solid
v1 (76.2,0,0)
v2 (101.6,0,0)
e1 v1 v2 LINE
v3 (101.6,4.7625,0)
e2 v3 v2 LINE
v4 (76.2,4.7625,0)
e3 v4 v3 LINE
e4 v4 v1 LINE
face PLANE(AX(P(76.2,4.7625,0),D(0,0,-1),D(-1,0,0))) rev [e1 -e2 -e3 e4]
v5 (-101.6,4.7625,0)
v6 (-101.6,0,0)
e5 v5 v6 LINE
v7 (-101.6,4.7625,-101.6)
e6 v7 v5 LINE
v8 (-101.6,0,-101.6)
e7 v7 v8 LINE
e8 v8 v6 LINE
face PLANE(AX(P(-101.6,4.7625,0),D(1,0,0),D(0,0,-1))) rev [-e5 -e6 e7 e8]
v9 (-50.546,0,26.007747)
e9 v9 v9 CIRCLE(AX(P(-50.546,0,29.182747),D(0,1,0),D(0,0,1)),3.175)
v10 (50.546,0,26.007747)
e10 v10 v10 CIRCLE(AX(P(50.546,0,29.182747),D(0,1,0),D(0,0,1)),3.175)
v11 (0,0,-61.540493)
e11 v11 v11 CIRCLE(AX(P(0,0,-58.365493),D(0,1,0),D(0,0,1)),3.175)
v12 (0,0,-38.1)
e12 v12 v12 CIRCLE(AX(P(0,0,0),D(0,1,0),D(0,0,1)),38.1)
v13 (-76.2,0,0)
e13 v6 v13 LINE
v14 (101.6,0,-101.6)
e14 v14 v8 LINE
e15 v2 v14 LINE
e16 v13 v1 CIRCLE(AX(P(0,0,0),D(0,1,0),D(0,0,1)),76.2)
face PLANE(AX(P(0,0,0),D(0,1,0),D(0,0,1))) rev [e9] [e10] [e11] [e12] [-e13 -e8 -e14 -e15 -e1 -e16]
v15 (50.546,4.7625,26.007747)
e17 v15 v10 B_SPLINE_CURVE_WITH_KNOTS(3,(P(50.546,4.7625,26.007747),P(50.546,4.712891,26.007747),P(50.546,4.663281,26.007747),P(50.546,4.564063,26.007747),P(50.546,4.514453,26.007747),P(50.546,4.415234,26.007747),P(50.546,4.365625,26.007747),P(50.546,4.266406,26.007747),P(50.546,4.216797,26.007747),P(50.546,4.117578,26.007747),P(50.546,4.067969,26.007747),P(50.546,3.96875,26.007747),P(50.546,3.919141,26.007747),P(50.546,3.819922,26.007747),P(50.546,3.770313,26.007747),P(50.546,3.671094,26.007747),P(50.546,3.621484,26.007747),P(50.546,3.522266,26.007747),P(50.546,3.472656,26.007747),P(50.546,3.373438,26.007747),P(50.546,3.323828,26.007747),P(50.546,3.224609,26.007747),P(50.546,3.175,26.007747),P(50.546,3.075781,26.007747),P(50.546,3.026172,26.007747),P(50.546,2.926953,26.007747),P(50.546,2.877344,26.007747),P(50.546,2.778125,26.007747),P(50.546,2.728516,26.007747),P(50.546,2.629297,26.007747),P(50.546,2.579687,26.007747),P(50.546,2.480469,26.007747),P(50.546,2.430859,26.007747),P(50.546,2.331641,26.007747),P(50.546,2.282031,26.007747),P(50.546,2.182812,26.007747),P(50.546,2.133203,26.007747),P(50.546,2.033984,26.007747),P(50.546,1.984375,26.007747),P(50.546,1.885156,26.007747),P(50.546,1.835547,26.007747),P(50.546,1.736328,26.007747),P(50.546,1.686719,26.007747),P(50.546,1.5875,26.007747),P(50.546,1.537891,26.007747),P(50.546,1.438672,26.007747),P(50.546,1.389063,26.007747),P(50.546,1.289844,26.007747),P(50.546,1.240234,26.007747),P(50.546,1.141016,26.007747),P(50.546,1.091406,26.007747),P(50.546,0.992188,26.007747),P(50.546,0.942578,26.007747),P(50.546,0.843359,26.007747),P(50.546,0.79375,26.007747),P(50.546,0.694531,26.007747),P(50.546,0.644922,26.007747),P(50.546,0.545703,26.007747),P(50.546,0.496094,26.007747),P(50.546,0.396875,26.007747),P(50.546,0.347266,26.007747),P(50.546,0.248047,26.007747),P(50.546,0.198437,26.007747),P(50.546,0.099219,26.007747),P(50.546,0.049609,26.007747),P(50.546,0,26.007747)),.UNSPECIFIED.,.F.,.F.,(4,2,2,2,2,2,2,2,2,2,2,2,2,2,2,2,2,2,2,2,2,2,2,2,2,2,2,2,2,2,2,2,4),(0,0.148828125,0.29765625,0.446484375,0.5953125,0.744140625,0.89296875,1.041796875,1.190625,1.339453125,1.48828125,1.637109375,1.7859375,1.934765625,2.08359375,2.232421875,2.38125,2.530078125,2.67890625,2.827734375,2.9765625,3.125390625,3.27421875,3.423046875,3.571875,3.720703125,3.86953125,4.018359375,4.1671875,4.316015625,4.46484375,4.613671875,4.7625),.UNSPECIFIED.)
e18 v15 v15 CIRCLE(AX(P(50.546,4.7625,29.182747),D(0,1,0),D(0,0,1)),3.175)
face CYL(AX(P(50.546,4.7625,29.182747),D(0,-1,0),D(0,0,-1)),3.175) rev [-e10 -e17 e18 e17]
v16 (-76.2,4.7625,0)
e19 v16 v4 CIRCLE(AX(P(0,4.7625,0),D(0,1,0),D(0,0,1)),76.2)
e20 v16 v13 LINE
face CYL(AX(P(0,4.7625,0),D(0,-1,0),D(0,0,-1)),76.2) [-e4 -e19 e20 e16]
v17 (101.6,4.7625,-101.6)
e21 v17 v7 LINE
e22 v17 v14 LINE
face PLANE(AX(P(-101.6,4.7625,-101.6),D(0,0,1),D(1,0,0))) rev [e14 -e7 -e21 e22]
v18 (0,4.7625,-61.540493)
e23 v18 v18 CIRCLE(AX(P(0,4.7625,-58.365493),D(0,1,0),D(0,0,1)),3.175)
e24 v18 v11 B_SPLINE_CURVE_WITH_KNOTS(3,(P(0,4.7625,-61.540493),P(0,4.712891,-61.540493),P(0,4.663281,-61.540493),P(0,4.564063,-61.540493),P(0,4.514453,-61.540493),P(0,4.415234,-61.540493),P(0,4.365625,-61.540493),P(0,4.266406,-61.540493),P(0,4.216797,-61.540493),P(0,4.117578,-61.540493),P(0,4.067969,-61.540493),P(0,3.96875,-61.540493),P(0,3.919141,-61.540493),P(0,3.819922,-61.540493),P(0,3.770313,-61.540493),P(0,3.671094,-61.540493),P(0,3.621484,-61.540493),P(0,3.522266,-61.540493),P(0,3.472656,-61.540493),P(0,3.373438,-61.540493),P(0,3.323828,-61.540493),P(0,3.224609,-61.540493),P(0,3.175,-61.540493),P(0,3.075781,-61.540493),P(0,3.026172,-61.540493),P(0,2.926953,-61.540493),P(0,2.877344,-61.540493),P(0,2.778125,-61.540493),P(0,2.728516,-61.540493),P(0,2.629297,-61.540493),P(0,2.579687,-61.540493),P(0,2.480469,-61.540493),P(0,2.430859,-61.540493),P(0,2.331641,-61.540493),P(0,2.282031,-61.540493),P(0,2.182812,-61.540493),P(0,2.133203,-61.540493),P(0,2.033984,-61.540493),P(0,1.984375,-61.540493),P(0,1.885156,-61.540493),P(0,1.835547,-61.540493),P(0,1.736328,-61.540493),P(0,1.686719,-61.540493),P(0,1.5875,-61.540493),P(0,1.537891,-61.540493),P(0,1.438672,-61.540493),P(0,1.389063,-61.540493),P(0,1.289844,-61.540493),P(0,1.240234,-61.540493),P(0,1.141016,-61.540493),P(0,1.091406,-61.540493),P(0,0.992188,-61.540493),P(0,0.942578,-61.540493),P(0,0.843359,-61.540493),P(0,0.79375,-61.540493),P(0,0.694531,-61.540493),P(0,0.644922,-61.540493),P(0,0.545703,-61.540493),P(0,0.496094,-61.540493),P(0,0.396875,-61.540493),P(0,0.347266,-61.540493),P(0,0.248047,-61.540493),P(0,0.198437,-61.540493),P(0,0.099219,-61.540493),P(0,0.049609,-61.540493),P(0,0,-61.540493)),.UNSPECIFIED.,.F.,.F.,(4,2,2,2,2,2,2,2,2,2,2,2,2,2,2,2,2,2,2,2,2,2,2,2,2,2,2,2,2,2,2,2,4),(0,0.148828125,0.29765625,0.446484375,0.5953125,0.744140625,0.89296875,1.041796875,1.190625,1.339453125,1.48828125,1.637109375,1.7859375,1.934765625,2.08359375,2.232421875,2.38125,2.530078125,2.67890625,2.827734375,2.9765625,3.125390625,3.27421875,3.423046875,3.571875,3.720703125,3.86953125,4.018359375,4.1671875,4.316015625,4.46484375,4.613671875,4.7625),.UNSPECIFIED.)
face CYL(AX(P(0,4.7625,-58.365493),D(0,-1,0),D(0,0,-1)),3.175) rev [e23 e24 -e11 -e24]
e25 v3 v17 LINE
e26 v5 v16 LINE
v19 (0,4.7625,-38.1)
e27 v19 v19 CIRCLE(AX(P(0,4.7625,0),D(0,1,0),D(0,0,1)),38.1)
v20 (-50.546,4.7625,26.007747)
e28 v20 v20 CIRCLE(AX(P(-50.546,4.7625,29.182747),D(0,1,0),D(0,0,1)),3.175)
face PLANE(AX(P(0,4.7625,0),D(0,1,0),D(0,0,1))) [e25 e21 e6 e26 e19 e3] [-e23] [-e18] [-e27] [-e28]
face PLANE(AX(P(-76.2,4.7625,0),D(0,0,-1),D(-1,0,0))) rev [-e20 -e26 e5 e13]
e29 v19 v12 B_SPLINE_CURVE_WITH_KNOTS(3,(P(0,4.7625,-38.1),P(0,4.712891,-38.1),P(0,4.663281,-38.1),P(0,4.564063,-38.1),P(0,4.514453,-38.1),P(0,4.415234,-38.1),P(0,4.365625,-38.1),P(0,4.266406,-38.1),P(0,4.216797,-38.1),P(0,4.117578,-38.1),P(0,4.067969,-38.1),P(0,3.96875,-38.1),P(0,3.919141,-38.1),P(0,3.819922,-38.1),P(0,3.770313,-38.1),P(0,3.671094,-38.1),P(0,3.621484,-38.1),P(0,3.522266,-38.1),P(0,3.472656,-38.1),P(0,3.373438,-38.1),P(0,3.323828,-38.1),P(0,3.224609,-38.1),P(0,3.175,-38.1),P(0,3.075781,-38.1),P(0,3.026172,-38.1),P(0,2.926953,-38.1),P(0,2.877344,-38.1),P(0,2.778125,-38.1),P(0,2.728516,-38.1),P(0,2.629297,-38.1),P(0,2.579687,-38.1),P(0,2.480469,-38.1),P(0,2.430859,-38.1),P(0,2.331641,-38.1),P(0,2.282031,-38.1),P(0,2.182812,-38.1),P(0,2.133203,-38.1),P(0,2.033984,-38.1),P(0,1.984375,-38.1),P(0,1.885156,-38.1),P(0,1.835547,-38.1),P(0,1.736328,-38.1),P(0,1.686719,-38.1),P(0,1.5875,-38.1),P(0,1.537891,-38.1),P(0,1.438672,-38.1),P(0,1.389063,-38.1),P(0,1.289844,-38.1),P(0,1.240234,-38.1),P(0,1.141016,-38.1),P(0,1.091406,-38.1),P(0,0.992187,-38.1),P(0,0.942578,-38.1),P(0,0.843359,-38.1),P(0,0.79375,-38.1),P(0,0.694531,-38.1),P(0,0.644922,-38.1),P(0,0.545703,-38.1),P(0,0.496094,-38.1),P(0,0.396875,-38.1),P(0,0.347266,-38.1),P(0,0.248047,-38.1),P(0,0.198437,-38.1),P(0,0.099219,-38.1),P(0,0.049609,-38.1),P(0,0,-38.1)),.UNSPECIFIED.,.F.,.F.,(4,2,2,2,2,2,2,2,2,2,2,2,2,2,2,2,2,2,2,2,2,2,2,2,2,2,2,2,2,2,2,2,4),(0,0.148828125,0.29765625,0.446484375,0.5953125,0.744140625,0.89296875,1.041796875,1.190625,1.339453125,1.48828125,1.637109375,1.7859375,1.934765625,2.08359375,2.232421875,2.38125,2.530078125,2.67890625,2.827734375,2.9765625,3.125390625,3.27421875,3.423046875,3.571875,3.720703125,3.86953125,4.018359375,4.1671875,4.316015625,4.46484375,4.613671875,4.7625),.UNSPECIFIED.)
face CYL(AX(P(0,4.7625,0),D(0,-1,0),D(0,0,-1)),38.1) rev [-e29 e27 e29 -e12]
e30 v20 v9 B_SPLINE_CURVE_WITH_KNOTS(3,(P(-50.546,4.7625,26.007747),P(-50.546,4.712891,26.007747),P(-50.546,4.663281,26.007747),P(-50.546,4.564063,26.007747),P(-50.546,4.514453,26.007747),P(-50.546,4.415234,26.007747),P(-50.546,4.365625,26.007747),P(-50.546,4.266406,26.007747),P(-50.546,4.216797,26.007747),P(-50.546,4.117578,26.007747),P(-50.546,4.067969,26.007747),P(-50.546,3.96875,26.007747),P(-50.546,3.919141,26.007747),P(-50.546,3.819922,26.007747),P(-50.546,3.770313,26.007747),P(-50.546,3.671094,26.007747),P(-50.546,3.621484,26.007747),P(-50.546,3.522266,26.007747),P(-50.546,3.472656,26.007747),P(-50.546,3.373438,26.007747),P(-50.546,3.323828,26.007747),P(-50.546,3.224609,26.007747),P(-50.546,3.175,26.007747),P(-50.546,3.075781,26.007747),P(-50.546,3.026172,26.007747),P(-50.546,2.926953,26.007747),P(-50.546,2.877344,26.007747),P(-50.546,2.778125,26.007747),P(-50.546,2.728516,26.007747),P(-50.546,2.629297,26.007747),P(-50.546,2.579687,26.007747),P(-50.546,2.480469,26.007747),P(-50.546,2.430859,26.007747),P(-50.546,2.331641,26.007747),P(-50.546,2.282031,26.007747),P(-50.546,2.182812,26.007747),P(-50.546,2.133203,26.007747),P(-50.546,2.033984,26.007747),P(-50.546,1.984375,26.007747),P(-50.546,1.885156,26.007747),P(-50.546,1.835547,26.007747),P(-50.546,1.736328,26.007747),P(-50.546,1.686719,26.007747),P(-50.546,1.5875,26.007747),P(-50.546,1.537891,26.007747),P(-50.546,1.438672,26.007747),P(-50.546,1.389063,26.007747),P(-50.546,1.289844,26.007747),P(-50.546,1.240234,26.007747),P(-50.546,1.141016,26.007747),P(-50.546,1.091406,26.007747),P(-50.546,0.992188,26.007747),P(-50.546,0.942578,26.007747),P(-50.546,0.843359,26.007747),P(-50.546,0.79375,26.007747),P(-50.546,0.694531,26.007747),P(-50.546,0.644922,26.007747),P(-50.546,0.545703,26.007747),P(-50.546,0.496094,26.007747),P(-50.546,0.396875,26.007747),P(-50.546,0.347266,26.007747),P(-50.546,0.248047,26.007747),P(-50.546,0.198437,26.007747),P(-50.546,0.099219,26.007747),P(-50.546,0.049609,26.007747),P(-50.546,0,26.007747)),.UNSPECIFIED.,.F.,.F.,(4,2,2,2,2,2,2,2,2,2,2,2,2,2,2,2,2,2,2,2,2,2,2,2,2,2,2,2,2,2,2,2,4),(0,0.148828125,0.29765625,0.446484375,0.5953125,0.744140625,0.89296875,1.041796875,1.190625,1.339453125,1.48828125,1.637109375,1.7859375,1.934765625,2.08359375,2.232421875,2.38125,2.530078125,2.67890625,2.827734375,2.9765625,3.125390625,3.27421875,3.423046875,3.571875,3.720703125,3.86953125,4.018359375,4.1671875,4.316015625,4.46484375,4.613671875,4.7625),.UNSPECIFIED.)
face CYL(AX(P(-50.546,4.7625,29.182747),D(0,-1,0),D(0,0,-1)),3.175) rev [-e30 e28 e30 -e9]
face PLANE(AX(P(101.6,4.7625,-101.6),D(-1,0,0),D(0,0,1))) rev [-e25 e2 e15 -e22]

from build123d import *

# Parameters (mm, degrees)
SKETCH1_R           = 3.175
SKETCH1_R_2         = 38.1
BOSS_EXTRUDE1_DEPTH = 4.7625


with BuildPart() as part:
    # Sketch1 → Boss-Extrude1 (new body)
    with BuildSketch(Plane(origin=(0, 0, 0), x_dir=(1, 0, 0), z_dir=(0, 1, 0))):
        with BuildLine():
            Line((-101.6, 0), (-101.6, 101.6))
            Line((-101.6, 101.6), (101.6, 101.6))
            Line((101.6, 101.6), (101.6, 0))
            Line((101.6, 0), (76.2, 0))
            ThreePointArc((76.2, 0), (0, -76.2), (-76.2, 0))
            Line((-76.2, 0), (-101.6, 0))
        make_face()
        with Locations(Location((0, 58.365493413, 0), (0, 0, 90))):
            Circle(SKETCH1_R, mode=Mode.SUBTRACT)
        with Locations(Location((-50.546, -29.182746706, 0), (0, 0, 90))):
            Circle(SKETCH1_R, mode=Mode.SUBTRACT)
        with Locations(Location((50.546, -29.182746706, 0), (0, 0, 90))):
            Circle(SKETCH1_R, mode=Mode.SUBTRACT)
        with Locations(Location((0, 0, 0), (0, 0, 90))):
            Circle(SKETCH1_R_2, mode=Mode.SUBTRACT)
    extrude(amount=BOSS_EXTRUDE1_DEPTH)


solid = part.part
